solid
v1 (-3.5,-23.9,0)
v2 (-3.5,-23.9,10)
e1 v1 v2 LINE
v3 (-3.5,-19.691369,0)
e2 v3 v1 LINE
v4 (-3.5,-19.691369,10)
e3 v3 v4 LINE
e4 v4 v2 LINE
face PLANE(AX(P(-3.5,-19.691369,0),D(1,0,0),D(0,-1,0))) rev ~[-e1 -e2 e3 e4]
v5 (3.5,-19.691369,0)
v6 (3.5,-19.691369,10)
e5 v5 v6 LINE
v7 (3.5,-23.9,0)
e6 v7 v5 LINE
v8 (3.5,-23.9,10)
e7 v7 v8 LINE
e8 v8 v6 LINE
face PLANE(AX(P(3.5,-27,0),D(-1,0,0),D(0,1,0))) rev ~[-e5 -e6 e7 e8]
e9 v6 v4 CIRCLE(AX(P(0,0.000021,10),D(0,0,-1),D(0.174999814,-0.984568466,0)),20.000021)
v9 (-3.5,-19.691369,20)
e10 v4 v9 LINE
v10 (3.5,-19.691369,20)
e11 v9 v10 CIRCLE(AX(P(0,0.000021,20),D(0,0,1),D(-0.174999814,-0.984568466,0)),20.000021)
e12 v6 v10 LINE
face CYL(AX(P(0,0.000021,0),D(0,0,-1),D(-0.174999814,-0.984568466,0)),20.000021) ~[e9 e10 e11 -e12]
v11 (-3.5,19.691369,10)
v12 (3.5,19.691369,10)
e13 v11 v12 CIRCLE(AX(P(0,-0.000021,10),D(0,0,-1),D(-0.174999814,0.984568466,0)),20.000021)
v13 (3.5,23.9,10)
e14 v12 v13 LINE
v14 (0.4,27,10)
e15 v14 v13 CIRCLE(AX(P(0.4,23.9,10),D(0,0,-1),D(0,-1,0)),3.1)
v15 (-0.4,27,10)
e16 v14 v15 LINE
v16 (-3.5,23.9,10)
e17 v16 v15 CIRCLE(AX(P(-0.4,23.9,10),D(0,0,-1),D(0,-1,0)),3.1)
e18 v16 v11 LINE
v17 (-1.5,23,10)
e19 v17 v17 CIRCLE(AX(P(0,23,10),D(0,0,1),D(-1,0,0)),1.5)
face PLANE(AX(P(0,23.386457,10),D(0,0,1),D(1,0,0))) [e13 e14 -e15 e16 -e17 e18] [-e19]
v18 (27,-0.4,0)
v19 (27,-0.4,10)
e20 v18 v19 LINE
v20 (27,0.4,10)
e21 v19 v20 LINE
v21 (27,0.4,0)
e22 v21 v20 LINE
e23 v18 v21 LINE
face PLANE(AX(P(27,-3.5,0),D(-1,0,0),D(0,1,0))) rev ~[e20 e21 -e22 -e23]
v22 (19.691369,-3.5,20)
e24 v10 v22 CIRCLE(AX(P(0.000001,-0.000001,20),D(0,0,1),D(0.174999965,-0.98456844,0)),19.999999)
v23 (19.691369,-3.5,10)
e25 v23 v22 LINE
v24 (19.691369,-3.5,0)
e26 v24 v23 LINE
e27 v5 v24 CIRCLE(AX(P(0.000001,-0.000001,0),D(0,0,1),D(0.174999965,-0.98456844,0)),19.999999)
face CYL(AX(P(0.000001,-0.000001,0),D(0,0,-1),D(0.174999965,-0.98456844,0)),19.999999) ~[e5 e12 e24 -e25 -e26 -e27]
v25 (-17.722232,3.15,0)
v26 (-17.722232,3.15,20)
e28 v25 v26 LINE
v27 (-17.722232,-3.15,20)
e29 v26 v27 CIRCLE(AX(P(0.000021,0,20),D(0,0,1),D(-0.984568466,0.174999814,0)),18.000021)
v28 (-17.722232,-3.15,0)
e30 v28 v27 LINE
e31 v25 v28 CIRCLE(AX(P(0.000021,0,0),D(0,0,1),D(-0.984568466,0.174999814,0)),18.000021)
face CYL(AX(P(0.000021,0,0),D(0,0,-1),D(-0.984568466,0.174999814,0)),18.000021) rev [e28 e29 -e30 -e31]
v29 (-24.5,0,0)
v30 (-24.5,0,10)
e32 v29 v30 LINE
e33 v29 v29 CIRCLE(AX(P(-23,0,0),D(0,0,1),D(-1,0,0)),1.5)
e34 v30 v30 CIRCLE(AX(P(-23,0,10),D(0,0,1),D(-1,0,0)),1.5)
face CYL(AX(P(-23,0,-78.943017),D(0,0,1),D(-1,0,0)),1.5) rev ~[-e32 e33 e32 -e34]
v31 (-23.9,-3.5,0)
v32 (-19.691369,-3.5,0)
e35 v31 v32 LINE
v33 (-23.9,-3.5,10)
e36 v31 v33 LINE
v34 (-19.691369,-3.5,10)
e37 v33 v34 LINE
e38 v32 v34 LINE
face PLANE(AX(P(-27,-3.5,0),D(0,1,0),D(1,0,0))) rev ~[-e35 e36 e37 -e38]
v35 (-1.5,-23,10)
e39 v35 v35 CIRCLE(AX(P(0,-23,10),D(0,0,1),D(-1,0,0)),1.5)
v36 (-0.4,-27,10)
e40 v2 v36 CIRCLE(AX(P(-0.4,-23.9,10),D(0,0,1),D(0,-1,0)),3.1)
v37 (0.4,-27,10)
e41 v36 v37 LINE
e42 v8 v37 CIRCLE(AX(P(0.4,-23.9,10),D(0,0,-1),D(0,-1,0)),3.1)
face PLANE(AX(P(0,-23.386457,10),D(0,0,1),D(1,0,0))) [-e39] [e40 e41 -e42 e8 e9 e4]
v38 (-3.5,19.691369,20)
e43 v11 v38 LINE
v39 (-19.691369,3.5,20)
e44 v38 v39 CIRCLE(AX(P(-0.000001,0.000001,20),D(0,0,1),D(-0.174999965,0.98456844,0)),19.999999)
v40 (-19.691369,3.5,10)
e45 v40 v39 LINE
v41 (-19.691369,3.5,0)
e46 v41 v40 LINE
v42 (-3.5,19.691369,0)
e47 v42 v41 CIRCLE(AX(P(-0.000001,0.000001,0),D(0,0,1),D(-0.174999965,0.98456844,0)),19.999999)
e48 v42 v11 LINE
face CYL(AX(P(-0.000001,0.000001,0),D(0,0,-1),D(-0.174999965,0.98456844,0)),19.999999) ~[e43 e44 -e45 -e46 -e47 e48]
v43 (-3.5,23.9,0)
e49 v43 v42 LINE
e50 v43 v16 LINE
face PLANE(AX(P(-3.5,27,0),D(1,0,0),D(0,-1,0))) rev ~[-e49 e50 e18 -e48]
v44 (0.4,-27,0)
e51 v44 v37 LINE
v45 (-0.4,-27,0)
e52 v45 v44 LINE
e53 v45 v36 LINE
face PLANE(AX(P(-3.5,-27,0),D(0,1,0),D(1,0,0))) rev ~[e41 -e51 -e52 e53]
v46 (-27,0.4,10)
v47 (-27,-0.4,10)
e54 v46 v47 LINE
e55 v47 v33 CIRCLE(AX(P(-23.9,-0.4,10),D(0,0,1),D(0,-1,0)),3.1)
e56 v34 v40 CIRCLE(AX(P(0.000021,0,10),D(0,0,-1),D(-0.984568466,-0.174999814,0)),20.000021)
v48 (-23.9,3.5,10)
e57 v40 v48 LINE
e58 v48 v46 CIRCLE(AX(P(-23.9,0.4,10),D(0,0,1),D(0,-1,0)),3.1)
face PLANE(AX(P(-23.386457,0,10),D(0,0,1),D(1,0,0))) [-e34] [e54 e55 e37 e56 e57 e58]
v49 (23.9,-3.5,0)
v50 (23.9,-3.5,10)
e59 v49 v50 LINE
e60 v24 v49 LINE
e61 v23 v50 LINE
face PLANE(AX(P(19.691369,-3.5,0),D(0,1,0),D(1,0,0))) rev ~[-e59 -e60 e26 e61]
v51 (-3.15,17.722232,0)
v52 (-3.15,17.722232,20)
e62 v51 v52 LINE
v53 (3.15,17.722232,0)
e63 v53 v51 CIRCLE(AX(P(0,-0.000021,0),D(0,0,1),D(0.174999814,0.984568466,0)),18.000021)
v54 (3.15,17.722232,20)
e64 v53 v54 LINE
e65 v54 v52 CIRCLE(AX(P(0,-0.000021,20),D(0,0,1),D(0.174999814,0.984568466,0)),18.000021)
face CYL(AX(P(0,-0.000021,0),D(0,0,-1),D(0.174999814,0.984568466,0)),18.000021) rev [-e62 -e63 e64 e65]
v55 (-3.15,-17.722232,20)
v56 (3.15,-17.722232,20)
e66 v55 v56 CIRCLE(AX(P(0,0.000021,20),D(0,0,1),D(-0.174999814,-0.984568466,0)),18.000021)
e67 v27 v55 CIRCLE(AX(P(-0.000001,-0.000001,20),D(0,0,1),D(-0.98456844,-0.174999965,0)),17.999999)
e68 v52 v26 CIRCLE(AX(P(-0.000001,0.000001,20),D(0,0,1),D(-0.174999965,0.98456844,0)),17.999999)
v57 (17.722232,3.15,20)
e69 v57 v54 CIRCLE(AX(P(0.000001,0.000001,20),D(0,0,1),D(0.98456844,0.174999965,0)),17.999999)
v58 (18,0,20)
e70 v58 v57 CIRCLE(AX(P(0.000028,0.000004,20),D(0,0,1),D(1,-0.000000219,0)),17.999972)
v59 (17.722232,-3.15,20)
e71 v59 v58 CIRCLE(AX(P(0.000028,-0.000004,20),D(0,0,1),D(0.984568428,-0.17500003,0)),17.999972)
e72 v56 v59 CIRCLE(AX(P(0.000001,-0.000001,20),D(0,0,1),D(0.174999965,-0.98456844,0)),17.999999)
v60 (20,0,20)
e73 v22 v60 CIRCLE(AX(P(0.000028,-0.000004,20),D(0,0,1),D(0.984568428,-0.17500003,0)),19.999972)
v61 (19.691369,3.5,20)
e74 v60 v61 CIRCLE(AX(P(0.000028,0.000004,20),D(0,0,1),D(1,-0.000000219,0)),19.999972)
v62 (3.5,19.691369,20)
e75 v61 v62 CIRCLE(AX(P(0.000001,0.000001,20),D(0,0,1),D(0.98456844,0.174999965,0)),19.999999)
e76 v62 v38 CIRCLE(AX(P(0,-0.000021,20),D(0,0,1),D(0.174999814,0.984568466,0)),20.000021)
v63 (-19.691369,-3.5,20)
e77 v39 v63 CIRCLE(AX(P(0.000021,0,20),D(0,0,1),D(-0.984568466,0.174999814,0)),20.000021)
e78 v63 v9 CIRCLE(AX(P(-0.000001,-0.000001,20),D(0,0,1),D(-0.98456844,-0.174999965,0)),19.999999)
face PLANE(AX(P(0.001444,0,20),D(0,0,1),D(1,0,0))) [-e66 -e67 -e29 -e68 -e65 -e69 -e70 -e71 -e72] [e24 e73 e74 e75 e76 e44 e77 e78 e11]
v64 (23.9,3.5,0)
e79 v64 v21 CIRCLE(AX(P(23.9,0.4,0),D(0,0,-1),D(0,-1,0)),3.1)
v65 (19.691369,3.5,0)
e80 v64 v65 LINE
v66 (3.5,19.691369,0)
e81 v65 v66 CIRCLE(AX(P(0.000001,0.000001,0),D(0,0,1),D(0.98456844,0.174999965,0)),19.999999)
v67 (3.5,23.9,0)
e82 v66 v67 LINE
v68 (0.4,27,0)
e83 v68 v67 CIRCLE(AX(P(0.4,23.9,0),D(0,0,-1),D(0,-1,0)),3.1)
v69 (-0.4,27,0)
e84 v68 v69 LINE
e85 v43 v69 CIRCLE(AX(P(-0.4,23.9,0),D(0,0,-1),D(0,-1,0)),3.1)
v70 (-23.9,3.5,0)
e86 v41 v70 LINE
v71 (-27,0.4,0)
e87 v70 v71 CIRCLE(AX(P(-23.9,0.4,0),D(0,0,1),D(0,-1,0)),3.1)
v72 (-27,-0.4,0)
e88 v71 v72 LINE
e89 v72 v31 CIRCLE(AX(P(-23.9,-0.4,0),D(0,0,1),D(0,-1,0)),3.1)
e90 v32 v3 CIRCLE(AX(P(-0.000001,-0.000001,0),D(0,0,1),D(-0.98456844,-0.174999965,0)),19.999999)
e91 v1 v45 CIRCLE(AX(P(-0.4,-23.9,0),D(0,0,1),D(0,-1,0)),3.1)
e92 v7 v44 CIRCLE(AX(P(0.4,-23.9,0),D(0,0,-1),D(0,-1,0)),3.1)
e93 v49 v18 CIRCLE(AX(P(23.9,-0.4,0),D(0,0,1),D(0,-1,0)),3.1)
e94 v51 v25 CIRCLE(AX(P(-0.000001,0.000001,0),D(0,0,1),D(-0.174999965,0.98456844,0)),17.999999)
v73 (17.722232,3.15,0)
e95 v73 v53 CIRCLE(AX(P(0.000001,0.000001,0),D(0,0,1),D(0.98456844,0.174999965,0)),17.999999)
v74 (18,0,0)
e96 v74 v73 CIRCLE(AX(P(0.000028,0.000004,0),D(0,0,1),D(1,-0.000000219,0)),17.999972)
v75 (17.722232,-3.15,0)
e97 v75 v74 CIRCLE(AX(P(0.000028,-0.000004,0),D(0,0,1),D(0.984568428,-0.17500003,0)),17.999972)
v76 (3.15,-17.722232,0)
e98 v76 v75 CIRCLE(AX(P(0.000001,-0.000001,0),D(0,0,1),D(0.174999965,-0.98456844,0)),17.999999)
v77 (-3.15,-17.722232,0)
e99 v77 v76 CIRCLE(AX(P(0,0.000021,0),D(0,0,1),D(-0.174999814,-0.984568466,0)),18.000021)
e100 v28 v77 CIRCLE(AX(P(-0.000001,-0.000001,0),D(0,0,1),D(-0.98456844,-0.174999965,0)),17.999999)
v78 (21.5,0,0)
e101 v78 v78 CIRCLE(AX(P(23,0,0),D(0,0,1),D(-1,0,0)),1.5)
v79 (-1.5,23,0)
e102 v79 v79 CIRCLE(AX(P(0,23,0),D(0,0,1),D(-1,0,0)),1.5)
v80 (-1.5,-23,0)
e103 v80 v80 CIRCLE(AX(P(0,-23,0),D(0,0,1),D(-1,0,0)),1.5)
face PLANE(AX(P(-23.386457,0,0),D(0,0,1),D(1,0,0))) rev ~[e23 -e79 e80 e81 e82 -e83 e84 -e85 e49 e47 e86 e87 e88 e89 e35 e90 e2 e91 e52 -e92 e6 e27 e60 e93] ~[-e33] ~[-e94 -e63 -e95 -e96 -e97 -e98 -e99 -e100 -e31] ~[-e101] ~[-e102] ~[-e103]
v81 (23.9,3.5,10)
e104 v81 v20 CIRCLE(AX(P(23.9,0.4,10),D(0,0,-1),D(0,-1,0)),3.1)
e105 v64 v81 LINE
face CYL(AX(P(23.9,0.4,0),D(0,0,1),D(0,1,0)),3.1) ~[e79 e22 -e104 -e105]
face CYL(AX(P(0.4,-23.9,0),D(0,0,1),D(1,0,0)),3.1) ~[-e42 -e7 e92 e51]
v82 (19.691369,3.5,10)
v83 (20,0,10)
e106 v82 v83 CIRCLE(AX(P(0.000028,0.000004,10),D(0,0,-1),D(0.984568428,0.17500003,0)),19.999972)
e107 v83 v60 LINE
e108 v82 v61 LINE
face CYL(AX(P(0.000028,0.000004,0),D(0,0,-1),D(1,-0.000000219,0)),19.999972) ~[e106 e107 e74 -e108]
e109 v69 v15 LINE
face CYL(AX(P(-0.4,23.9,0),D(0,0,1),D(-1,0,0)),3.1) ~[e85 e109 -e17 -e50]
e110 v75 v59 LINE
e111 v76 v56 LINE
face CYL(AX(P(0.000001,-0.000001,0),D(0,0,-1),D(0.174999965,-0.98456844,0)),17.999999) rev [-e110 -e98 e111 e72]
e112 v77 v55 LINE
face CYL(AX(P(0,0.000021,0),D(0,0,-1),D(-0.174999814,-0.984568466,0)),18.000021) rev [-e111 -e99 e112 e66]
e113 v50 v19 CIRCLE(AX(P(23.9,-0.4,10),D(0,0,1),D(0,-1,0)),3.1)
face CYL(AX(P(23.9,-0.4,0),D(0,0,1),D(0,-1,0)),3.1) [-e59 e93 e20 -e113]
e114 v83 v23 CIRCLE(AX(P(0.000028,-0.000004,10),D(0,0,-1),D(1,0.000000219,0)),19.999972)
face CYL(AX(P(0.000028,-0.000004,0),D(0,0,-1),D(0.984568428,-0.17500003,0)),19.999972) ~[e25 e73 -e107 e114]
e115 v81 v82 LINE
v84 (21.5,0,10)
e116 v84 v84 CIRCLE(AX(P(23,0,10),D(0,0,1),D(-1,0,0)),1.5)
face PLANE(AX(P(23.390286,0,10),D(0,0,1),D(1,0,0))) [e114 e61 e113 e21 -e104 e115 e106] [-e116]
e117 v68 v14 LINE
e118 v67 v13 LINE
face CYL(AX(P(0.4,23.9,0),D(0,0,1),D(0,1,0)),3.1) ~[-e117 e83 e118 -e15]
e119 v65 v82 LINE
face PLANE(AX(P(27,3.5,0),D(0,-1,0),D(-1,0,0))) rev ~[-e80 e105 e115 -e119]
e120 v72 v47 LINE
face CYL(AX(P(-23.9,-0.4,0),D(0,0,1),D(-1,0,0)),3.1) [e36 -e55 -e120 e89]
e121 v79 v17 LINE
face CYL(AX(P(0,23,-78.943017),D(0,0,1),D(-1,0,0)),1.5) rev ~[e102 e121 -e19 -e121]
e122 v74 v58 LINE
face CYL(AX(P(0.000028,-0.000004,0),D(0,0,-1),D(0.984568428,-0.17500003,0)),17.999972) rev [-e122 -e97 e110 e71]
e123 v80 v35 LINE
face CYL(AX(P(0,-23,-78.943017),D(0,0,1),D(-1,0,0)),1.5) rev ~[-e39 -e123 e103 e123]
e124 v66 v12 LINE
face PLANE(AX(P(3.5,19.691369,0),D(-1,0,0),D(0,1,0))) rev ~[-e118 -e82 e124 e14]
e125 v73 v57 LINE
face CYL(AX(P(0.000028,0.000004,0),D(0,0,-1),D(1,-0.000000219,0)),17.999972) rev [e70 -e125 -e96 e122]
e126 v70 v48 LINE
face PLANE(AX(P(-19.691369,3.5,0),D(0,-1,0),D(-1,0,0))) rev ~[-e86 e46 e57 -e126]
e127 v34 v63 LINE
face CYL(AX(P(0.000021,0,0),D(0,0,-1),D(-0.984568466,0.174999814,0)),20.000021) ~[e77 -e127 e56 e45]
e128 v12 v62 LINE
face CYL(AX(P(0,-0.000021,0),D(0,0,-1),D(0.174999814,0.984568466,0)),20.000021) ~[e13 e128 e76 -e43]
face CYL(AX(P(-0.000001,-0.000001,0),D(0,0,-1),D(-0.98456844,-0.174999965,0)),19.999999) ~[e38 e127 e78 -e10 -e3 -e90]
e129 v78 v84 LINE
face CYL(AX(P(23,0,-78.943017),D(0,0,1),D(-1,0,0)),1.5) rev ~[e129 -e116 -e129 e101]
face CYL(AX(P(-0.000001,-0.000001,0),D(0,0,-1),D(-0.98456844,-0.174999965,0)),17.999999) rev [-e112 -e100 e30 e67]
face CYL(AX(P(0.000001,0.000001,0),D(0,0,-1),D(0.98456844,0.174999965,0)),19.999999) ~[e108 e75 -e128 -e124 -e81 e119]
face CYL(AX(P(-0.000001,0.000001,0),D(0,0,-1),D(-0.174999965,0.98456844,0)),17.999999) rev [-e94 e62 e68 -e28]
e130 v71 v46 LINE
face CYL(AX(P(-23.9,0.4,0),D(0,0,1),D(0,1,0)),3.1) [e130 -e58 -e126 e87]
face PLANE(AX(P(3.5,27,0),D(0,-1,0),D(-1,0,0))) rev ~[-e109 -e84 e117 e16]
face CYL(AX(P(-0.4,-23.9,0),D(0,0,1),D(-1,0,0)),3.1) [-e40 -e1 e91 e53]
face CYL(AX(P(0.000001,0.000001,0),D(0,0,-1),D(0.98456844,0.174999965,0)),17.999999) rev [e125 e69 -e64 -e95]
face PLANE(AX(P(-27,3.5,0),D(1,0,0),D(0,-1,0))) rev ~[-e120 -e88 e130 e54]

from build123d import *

# Parameters (mm, degrees)
F1_DEPTH = 20
F2_T     = -2
F3_DEPTH = 10
F4_R     = 3.1
F5_D     = 3


with BuildPart() as f1:
    # F0 (on Top) → F1 (new body)
    with BuildSketch(Plane.XY):
        with BuildLine():
            ThreePointArc((19.691369, -3.5), (19.922693, -1.756791), (20, 0))
            ThreePointArc((20, 0), (19.922693, 1.756791), (19.691369, 3.5))
            ThreePointArc((19.691369, 3.5), (14.142136, 14.142136), (3.5, 19.691369))
            ThreePointArc((3.5, 19.691369), (0, 20), (-3.5, 19.691369))
            ThreePointArc((-3.5, 19.691369), (-14.142136, 14.142136), (-19.691369, 3.5))
            ThreePointArc((-19.691369, 3.5), (-20, 0), (-19.691369, -3.5))
            ThreePointArc((-19.691369, -3.5), (-14.142136, -14.142136), (-3.5, -19.691369))
            ThreePointArc((-3.5, -19.691369), (0, -20), (3.5, -19.691369))
            ThreePointArc((3.5, -19.691369), (14.142136, -14.142136), (19.691369, -3.5))
        make_face()
    extrude(amount=F1_DEPTH)

    # F2
    f2_openings = [f1.faces().sort_by_distance(p)[0] for p in [
        (0, 0, 20),
        (0, 0, 0),
    ]]
    offset(amount=F2_T, openings=f2_openings)

    # F0 (on Top) → F3 (join)
    with BuildSketch(Plane.XY):
        with BuildLine():
            ThreePointArc((-19.691369, -3.5), (-20, 0), (-19.691369, 3.5))
            Line((-19.691369, 3.5), (-27, 3.5))
            Line((-27, 3.5), (-27, -3.5))
            Line((-27, -3.5), (-19.691369, -3.5))
        make_face()
        with BuildLine():
            ThreePointArc((-3.5, 19.691369), (0, 20), (3.5, 19.691369))
            Line((3.5, 19.691369), (3.5, 27))
            Line((3.5, 27), (-3.5, 27))
            Line((-3.5, 27), (-3.5, 19.691369))
        make_face()
        with BuildLine():
            ThreePointArc((19.691369, 3.5), (19.922693, 1.756791), (20, 0))
            ThreePointArc((20, 0), (19.922693, -1.756791), (19.691369, -3.5))
            Line((19.691369, -3.5), (27, -3.5))
            Line((27, -3.5), (27, 3.5))
            Line((27, 3.5), (19.691369, 3.5))
        make_face()
        with BuildLine():
            Line((3.5, -27), (3.5, -19.691369))
            ThreePointArc((3.5, -19.691369), (0, -20), (-3.5, -19.691369))
            Line((-3.5, -19.691369), (-3.5, -27))
            Line((-3.5, -27), (3.5, -27))
        make_face()
    extrude(amount=F3_DEPTH)

    # F4
    f4_edges = [f1.edges().sort_by_distance(p)[0] for p in [
        (27, 3.5, 5),
        (27, -3.5, 5),
        (3.5, 27, 5),
        (3.5, -27, 5),
        (-27, -3.5, 5),
        (-3.5, -27, 5),
        (-27, 3.5, 5),
        (-3.5, 27, 5),
    ]]
    fillet(f4_edges, radius=F4_R)

    # F5 (through all)
    with Locations(Plane(origin=(0, 0, 0), x_dir=(1, 0, 0), z_dir=(0, 0, -1))):
        with Locations((23, 0), (0, -23), (-23, 0), (0, 23)):
            Hole(F5_D / 2)


solid = f1.part
